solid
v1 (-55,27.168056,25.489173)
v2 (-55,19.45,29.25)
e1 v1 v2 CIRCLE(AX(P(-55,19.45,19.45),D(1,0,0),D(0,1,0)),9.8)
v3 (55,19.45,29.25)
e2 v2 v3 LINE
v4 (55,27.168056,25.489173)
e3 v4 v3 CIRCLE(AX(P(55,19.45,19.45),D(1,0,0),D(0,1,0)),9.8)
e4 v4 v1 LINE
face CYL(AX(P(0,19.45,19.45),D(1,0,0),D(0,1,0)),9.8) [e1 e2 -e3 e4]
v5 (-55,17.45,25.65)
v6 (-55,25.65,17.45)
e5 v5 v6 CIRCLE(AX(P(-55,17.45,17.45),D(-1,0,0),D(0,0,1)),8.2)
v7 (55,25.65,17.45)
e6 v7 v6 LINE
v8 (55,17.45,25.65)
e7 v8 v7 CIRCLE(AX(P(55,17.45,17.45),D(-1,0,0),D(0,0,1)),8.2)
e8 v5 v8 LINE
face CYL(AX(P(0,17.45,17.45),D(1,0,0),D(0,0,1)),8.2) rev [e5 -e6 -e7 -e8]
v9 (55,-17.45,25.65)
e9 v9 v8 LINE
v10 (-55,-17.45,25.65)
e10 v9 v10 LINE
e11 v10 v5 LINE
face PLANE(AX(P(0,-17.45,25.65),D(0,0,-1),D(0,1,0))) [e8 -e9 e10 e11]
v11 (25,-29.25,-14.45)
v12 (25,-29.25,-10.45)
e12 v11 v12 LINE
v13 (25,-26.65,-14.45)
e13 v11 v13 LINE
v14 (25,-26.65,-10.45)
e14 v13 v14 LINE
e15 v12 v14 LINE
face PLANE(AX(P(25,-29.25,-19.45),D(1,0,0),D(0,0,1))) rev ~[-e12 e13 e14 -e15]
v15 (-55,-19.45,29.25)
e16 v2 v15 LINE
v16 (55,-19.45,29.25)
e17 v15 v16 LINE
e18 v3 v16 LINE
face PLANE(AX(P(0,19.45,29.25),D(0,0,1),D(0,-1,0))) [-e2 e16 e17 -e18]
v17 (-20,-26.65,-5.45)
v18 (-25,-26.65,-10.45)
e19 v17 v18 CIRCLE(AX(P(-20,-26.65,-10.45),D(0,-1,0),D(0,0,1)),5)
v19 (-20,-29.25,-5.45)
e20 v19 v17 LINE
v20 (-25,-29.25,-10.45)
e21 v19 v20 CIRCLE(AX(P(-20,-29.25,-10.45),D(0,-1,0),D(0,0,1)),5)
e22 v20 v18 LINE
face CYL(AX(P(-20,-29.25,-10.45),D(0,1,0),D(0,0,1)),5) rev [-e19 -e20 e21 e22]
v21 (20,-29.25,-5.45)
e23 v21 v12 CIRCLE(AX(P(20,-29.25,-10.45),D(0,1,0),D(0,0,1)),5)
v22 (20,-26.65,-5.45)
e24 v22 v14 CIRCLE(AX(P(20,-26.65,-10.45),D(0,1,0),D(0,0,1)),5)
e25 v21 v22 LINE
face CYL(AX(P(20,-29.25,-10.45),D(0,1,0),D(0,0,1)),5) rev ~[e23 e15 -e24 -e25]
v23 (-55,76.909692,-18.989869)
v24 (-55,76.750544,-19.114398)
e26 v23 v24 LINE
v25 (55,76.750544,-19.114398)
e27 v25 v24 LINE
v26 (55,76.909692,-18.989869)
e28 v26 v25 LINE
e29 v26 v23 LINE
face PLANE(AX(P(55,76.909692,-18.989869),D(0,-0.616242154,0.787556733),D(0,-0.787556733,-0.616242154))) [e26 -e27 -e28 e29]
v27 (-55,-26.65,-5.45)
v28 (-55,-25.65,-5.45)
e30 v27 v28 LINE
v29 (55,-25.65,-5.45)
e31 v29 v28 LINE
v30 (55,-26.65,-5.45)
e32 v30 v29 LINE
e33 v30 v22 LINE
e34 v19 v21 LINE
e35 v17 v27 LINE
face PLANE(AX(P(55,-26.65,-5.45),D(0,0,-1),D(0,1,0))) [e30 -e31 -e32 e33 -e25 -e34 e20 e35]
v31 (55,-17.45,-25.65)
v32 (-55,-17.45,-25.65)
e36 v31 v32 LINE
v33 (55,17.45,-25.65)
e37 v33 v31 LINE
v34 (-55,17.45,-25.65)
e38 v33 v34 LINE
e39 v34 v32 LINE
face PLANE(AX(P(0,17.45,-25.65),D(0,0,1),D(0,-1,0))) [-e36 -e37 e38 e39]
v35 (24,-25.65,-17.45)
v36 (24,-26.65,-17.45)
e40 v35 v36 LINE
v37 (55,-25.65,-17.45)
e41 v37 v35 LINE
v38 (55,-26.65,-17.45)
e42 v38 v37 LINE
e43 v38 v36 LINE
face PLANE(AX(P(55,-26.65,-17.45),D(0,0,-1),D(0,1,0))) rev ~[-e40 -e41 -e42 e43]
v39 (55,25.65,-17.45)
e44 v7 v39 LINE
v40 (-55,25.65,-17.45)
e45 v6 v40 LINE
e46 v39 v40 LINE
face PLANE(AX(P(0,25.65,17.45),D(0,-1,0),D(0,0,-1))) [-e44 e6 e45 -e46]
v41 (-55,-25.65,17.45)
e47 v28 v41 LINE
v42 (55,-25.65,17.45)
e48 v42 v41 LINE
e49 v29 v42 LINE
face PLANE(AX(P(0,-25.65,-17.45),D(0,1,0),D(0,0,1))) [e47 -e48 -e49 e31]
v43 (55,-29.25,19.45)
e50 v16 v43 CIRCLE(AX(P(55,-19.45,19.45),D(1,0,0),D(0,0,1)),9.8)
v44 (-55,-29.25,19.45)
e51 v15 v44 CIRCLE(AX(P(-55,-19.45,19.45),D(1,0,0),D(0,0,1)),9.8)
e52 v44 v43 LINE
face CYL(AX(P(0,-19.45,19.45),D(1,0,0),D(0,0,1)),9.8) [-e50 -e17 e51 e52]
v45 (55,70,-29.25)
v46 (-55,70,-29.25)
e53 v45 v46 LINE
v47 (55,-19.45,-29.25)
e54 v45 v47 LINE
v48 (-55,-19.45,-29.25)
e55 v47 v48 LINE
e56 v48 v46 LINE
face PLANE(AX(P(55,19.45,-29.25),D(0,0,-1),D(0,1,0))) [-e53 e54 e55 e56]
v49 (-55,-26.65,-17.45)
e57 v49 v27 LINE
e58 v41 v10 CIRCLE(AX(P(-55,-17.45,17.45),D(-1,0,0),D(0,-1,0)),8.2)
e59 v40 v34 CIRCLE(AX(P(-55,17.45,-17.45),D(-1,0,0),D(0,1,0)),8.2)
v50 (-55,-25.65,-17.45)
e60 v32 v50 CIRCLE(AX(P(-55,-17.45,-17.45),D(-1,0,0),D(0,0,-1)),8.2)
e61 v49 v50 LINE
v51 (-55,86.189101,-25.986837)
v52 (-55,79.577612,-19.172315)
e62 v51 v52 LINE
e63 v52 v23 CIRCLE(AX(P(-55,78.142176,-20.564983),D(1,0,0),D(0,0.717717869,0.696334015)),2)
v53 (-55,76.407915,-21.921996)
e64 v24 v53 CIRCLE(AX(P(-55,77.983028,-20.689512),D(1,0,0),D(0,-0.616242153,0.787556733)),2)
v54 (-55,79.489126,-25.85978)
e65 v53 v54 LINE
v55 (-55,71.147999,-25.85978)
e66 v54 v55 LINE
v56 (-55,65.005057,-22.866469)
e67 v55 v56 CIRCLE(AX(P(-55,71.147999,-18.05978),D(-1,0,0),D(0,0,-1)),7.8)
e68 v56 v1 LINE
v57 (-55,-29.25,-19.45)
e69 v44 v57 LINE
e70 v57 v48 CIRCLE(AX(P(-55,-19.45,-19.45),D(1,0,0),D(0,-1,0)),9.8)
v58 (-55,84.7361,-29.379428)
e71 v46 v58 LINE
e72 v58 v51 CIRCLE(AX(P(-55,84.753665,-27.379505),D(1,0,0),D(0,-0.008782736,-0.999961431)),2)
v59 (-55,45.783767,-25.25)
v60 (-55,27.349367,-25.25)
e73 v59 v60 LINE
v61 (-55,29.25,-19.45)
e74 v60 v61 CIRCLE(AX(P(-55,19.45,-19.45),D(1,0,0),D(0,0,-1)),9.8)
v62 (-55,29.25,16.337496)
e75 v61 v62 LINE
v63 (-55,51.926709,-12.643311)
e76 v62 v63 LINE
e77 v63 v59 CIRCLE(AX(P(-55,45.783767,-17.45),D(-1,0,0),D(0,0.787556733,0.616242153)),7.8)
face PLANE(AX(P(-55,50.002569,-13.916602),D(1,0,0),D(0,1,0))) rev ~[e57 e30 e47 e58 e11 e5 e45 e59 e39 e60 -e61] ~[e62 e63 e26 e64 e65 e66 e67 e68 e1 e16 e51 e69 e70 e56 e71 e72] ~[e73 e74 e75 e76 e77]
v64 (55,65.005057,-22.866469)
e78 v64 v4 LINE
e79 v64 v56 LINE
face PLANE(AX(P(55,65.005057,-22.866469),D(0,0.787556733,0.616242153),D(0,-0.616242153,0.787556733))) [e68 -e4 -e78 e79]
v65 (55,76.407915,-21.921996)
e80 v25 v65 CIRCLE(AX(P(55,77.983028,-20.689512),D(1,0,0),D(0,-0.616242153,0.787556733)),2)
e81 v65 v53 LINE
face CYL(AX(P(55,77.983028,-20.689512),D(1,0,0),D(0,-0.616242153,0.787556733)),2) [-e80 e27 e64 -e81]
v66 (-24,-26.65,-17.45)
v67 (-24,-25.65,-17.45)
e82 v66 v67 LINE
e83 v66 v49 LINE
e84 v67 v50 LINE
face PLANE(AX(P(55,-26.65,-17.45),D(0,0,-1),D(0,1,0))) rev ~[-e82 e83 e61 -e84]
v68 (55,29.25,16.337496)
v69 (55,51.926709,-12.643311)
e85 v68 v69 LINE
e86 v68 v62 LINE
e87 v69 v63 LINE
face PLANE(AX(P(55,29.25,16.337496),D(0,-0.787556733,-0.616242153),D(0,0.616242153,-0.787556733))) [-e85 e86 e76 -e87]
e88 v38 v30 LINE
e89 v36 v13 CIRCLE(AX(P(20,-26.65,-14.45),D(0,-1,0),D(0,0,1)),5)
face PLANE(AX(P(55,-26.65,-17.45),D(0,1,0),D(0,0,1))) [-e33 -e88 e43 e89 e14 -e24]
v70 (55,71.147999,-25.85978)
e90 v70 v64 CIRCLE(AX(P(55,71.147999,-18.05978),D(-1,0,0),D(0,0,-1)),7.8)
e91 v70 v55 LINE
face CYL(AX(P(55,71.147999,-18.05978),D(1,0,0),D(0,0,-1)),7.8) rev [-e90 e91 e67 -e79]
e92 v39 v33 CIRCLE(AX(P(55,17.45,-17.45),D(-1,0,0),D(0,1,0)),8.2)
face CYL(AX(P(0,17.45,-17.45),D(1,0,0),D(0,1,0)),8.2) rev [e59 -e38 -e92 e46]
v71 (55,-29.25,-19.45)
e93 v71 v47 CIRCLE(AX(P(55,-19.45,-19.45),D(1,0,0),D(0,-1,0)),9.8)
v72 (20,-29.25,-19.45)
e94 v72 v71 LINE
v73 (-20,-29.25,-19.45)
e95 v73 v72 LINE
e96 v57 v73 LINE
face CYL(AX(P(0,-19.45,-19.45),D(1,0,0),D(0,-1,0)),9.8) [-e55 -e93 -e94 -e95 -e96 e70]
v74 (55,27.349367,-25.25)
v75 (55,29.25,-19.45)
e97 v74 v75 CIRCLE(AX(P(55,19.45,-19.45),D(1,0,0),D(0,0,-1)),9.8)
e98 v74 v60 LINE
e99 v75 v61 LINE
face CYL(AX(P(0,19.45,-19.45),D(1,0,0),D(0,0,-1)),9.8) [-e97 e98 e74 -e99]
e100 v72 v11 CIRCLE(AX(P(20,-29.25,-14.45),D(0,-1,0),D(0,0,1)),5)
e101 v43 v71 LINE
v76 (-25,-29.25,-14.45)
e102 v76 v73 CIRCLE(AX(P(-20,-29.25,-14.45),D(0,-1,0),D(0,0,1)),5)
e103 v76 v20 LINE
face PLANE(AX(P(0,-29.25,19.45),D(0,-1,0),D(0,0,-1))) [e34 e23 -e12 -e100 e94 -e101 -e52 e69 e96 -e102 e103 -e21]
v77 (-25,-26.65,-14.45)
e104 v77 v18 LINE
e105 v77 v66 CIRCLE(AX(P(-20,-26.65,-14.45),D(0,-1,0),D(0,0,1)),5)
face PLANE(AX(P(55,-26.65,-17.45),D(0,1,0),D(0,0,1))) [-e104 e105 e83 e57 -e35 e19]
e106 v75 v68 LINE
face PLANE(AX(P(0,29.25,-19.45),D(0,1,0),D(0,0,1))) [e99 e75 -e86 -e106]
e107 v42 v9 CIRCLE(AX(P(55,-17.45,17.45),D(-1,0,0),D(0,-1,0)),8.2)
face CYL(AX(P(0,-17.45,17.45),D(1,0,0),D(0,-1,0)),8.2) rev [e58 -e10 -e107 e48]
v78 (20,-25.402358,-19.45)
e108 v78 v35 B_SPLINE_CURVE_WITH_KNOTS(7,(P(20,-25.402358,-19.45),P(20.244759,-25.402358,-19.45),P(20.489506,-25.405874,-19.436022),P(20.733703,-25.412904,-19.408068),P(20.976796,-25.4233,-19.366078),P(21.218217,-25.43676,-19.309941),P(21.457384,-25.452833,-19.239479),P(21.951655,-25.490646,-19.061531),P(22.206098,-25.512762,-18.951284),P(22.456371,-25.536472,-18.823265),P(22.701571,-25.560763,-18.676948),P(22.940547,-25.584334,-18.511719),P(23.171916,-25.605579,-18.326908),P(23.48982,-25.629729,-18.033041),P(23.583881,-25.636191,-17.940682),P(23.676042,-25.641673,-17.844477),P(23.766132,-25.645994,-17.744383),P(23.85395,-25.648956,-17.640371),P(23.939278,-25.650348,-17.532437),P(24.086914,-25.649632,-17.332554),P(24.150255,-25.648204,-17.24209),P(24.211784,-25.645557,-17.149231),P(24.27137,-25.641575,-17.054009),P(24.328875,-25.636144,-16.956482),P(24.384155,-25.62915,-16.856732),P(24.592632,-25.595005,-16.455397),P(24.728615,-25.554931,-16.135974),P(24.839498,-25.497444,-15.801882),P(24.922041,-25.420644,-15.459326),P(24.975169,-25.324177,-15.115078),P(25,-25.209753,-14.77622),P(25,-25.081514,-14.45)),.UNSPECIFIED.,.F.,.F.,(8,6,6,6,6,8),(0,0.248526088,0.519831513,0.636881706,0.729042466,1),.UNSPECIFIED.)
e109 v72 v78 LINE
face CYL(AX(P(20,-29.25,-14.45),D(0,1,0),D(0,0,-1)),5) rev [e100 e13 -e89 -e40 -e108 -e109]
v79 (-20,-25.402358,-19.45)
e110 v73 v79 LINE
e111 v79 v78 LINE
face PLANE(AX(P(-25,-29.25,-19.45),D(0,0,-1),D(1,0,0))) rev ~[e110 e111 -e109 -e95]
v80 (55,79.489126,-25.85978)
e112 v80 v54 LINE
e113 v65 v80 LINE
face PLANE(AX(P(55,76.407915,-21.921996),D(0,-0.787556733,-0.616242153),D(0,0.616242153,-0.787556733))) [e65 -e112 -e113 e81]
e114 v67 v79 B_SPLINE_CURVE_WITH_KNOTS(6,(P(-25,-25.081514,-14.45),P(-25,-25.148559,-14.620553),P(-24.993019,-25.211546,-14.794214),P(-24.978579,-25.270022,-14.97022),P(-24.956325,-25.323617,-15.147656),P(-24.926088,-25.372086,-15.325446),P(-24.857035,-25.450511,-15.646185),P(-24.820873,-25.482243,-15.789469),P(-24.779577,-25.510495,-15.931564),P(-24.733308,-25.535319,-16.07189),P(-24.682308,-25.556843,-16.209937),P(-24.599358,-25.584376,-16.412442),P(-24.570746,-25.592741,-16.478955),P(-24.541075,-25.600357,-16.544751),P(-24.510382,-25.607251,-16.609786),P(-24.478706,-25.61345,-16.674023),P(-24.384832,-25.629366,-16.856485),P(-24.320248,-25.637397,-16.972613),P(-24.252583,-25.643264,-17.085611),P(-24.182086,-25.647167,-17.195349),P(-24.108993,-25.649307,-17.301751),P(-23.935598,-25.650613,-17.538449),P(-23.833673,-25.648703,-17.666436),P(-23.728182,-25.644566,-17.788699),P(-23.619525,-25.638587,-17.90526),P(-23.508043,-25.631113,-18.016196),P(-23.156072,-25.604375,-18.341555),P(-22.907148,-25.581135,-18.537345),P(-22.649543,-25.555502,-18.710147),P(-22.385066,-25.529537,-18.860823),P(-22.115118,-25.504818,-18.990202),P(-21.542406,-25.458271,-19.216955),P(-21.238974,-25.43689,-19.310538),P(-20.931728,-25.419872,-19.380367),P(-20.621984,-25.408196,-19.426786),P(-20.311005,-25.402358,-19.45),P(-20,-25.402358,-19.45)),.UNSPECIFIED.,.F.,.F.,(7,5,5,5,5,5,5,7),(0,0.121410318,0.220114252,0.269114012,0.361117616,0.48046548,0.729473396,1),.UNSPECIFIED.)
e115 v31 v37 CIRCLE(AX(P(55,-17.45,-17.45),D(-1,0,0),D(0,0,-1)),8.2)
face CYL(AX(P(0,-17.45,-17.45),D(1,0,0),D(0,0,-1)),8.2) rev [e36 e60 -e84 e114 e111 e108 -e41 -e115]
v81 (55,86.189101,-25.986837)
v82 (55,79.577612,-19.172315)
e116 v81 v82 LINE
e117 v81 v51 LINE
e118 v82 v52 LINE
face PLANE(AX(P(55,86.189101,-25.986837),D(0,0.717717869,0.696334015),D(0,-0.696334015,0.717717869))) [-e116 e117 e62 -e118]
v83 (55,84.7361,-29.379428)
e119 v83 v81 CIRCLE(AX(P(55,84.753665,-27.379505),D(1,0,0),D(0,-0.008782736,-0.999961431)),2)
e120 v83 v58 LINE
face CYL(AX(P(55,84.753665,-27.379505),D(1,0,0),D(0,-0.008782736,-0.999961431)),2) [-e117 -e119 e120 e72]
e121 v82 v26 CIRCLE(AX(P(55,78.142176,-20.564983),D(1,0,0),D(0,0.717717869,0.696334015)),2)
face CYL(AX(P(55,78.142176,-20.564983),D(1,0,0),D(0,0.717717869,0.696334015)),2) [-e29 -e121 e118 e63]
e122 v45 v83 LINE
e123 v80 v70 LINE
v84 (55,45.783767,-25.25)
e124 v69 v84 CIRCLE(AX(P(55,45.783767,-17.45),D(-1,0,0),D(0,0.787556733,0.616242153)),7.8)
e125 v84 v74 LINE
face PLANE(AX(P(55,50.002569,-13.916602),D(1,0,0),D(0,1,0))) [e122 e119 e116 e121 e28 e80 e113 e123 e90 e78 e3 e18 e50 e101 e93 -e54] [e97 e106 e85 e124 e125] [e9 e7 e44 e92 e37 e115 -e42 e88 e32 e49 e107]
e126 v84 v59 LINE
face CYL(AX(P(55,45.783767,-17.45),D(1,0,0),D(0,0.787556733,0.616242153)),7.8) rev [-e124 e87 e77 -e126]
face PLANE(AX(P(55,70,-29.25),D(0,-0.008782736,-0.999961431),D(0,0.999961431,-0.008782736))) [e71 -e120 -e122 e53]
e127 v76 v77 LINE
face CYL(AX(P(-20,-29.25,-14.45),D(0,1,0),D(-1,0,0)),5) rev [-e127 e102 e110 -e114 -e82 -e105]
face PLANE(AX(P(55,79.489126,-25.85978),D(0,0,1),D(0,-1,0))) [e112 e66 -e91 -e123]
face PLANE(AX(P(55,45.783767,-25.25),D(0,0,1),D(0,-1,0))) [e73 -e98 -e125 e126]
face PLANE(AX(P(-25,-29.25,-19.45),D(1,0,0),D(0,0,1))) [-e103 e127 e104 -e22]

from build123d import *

# Parameters (mm, degrees)
F1_DEPTH = 55
F2_W     = 50
F2_H     = 14
F3_DEPTH = 5
F4_W     = 1
F4_H     = 12
F5_DEPTH = 112
F7_DEPTH = 110
F8_R     = 5


with BuildPart() as f1:
    # F0 (on Right) → F1 (new body, symmetric)
    with BuildSketch(Plane.YZ):
        with BuildLine():
            Line((29.25, -19.45), (29.25, 19.45))
            ThreePointArc((29.25, 19.45), (26.3796464556, 26.3796464556), (19.45, 29.25))
            Line((19.45, 29.25), (-19.45, 29.25))
            ThreePointArc((-19.45, 29.25), (-26.3796464556, 26.3796464556), (-29.25, 19.45))
            Line((-29.25, 19.45), (-29.25, -19.45))
            ThreePointArc((-29.25, -19.45), (-26.3796464556, -26.3796464556), (-19.45, -29.25))
            Line((-19.45, -29.25), (19.45, -29.25))
            ThreePointArc((19.45, -29.25), (26.3796464556, -26.3796464556), (29.25, -19.45))
        make_face()
        with BuildLine():
            ThreePointArc((17.45, 25.6500001997), (23.2482757469, 23.2482757469), (25.6500001997, 17.45))
            Line((25.6500001997, 17.45), (25.6500001997, -17.45))
            ThreePointArc((25.6500001997, -17.45), (23.2482757469, -23.2482757469), (17.45, -25.6500001997))
            Line((17.45, -25.6500001997), (-17.45, -25.6500001997))
            ThreePointArc((-17.45, -25.6500001997), (-23.2482757469, -23.2482757469), (-25.6500001997, -17.45))
            Line((-25.6500001997, -17.45), (-25.6500001997, 17.45))
            ThreePointArc((-25.6500001997, 17.45), (-23.2482757469, 23.2482757469), (-17.45, 25.6500001997))
            Line((-17.45, 25.6500001997), (17.45, 25.6500001997))
        make_face(mode=Mode.SUBTRACT)
    extrude(amount=F1_DEPTH, both=True)

    # F2 (on face) → F3 (cut)
    with BuildSketch(Plane.XZ.offset(29.25)):
        with Locations((0, -12.45)):
            Rectangle(F2_W, F2_H)
    extrude(amount=-F3_DEPTH, mode=Mode.SUBTRACT)

    # F4 (on face) → F5 (cut)
    with BuildSketch(Plane.YZ.offset(55)):
        with Locations((-26.1500001997, -11.45)):
            Rectangle(F4_W, F4_H)
    extrude(amount=-F5_DEPTH, mode=Mode.SUBTRACT)

    # F6 (on face) → F7 (join)
    with BuildSketch(Plane.YZ.offset(55)):
        with BuildLine():
            ThreePointArc((27.3493670633, -25.25), (23.8771887242, -28.1929971978), (19.45, -29.25))
            Line((19.45, -29.25), (70, -29.25))
            Line((70, -29.25), (84.7360996039, -29.3794282716))
            ThreePointArc((84.7360996039, -29.3794282716), (86.5921446829, -28.1669015856), (86.1891008154, -25.98683738))
            Line((86.1891008154, -25.98683738), (79.577611796, -19.1723148788))
            ThreePointArc((79.577611796, -19.1723148788), (78.278627167, -18.5696430639), (76.9096917505, -18.9898694416))
            Line((76.9096917505, -18.9898694416), (76.7505439798, -19.1143983305))
            ThreePointArc((76.7505439798, -19.1143983305), (75.997756862, -20.4472363949), (76.4079148199, -21.9219961042))
            Line((76.4079148199, -21.9219961042), (79.4891255871, -25.8597797712))
            Line((79.4891255871, -25.8597797712), (71.1479993126, -25.8597797712))
            ThreePointArc((71.1479993126, -25.8597797712), (67.7312883661, -25.0716330431), (65.0050567922, -22.8664685681))
            Line((65.0050567922, -22.8664685681), (27.1680559872, 25.4891731038))
            ThreePointArc((27.1680559872, 25.4891731038), (28.7149055223, 22.6439827273), (29.25, 19.45))
            Line((29.25, 19.45), (29.25, 16.3374962926))
            Line((29.25, 16.3374962926), (51.9267094517, -12.6433112031))
            ThreePointArc((51.9267094517, -12.6433112031), (52.7956202032, -20.8667109465), (45.7837669312, -25.25))
            Line((45.7837669312, -25.25), (27.3493670633, -25.25))
        make_face()
    extrude(amount=-F7_DEPTH)

    # F8
    f8_edges = [f1.edges().sort_by_distance(p)[0] for p in [
        (-25, -27.95, -5.45),
        (-25, -27.326179, -19.45),
        (25, -27.326179, -19.45),
        (25, -27.95, -5.45),
    ]]
    fillet(f8_edges, radius=F8_R)


solid = f1.part
